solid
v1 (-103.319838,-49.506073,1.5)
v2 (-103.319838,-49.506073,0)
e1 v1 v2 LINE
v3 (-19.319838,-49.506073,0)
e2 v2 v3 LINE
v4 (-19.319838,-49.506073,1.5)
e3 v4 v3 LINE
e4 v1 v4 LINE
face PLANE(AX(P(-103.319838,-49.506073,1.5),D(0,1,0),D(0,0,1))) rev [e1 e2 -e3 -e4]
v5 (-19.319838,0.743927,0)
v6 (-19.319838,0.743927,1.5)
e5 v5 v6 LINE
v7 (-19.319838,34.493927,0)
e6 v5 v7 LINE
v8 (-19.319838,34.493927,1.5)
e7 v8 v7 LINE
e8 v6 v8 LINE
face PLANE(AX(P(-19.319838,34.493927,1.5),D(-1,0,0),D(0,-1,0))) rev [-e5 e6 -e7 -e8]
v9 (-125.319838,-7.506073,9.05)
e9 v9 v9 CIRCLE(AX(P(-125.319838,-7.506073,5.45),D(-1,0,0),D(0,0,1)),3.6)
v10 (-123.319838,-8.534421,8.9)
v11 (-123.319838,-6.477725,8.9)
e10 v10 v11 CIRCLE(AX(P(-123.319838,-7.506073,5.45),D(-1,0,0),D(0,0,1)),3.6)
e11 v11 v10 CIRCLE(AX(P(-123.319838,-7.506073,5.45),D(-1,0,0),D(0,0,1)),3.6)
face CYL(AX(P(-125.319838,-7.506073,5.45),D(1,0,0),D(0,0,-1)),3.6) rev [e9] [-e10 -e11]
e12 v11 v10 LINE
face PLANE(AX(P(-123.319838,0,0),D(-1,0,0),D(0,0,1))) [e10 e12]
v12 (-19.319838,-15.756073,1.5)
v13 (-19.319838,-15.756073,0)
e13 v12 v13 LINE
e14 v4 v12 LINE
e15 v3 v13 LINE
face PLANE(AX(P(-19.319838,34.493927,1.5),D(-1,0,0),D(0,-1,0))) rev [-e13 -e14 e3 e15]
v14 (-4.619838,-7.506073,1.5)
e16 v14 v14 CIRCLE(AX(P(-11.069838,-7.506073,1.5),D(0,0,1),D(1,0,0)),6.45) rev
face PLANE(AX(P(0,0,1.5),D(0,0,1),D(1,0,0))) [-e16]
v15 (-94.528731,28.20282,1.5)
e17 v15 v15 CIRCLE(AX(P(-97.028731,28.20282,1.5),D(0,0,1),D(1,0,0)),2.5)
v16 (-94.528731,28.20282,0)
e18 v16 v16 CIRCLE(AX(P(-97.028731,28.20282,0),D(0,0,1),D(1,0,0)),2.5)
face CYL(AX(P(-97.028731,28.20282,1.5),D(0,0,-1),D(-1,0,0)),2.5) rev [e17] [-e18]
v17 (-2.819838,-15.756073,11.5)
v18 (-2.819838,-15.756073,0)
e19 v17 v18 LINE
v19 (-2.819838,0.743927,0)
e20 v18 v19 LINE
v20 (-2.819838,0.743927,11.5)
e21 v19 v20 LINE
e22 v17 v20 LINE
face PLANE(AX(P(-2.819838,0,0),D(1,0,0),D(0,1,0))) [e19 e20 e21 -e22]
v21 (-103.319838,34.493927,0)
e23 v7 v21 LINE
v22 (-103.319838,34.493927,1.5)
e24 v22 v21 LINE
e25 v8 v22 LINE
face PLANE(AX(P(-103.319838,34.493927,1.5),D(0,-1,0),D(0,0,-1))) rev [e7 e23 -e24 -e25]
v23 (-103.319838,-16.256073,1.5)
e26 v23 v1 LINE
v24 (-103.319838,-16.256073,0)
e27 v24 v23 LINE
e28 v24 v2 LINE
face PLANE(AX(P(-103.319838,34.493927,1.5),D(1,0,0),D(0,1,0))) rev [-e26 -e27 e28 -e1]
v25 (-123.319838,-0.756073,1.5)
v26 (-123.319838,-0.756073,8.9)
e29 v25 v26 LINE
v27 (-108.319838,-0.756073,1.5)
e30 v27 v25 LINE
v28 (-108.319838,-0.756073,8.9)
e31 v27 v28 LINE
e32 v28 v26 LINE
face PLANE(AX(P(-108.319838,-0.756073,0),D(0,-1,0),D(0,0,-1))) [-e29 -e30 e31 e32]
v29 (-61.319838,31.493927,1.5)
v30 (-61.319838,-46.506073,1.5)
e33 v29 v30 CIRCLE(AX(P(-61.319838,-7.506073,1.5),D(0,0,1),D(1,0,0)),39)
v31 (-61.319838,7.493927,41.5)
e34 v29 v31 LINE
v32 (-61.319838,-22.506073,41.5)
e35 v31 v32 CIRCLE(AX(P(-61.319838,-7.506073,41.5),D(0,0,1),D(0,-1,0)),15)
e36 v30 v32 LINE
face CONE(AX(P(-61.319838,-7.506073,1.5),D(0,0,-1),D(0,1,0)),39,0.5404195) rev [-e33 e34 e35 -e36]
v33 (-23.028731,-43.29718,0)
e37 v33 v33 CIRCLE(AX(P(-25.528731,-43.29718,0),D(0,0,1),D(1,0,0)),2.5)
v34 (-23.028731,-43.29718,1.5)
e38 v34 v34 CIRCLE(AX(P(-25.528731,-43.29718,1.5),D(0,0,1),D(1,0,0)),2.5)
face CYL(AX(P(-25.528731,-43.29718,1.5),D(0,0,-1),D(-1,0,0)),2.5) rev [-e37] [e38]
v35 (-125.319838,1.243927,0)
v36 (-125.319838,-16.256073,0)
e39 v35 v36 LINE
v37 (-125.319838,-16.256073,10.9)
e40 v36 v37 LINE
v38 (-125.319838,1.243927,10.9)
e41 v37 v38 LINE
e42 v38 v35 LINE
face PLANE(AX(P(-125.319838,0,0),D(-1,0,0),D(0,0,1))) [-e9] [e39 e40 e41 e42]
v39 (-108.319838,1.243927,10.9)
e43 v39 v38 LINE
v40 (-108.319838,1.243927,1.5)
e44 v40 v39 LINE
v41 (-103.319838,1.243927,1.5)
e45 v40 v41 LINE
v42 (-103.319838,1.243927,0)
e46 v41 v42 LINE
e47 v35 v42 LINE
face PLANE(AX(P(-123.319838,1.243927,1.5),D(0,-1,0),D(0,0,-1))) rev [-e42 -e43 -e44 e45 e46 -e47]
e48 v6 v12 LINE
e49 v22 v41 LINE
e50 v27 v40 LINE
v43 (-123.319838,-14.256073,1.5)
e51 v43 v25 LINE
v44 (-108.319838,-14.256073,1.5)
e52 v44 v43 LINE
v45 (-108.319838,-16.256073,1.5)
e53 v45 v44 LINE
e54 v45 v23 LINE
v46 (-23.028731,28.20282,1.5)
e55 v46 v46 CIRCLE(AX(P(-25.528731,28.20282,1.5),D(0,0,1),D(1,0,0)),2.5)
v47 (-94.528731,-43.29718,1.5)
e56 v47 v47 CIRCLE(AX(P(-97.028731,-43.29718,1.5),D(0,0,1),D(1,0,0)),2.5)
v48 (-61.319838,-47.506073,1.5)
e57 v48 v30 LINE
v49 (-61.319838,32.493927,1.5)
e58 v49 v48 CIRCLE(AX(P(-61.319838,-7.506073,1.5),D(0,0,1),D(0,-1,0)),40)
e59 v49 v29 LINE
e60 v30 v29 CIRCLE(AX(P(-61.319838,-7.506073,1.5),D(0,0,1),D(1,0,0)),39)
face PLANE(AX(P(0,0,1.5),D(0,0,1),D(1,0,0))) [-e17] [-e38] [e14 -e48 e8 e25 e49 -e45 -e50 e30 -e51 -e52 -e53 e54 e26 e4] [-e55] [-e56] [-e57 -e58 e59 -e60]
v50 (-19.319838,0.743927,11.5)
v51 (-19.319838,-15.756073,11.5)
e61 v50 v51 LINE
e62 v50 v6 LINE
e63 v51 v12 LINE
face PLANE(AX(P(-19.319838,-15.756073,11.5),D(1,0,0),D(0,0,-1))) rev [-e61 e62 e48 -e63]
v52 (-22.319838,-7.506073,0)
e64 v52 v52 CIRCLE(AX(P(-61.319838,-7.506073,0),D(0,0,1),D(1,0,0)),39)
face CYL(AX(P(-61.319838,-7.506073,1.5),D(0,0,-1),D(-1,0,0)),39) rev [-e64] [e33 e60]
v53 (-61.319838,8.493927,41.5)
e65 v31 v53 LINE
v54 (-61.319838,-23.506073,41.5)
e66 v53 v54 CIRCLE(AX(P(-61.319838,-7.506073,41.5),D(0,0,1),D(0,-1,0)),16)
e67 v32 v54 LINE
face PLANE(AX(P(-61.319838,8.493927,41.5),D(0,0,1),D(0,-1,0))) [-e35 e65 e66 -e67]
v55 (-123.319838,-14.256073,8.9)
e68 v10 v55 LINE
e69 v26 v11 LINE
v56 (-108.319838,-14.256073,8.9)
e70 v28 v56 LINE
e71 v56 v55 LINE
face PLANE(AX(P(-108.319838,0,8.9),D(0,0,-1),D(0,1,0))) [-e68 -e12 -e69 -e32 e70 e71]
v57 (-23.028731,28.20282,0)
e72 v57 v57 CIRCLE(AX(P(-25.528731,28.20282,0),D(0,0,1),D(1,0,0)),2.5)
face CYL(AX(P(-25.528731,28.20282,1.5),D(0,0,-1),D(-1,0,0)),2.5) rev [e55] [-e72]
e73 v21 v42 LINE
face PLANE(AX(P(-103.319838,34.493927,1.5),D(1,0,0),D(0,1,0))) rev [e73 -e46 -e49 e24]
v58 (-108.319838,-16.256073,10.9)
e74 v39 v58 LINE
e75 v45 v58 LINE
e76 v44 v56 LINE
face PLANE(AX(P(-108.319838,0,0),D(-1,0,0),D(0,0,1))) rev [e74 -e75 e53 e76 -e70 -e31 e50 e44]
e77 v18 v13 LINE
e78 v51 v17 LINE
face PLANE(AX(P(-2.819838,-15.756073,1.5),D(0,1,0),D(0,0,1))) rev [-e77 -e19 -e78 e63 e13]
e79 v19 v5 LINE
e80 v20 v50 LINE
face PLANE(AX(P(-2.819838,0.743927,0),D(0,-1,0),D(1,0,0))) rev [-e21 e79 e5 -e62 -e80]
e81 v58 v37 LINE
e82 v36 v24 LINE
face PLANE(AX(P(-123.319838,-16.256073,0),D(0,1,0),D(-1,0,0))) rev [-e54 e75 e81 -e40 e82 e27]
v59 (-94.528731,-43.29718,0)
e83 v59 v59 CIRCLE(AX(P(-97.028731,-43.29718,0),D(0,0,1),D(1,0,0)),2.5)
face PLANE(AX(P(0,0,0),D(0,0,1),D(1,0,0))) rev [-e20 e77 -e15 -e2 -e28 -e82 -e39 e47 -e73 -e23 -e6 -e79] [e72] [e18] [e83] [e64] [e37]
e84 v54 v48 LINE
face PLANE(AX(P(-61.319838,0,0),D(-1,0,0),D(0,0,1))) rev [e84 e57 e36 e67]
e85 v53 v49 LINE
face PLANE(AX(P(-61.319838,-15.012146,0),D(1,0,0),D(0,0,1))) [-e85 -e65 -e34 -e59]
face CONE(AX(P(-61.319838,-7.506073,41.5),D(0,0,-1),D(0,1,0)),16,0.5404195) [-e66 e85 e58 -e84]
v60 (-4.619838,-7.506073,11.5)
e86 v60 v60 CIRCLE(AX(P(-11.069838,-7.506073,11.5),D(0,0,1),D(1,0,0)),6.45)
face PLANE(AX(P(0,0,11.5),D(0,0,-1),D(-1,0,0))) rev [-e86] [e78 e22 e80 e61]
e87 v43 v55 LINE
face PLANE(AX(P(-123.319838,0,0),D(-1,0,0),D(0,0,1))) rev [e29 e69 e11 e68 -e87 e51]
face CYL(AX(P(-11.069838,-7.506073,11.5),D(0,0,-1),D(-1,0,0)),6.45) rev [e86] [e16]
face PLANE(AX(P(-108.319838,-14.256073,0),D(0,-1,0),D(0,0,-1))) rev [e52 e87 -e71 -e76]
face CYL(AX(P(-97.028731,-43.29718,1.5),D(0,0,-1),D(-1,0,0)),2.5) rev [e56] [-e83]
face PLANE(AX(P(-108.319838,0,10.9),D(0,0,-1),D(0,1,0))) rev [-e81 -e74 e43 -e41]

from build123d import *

# Parameters (mm, degrees)
CROQUIS1_W              = 84
CROQUIS1_H              = 84
CROQUIS1_R              = 39
CROQUIS1_R_2            = 2.5
SALIENTE_EXTRUIR1_DEPTH = 1.5
REVOLUCI_N2_ANGLE       = 180
SALIENTE_EXTRUIR2_DEPTH = 20
SALIENTE_EXTRUIR3_DEPTH = 15
CROQUIS8_W              = 10.9
CROQUIS8_H              = 17.5
CROQUIS8_R              = 3.6
SALIENTE_EXTRUIR4_DEPTH = 2
SALIENTE_EXTRUIR5_DEPTH = 16.5
CROQUIS10_W             = 16.5
CROQUIS10_H             = 16.5
CROQUIS10_R             = 6.45
SALIENTE_EXTRUIR6_DEPTH = 10


with BuildPart() as part:
    # Croquis1 → Saliente-Extruir1 (new body)
    with BuildSketch(Plane.XY):
        with Locations((-61.319838057, -7.506072874)):
            Rectangle(CROQUIS1_W, CROQUIS1_H)
        with Locations((-61.319838057, -7.506072874)):
            Circle(CROQUIS1_R, mode=Mode.SUBTRACT)
        with Locations((-97.028730507, 28.202819575)):
            Circle(CROQUIS1_R_2, mode=Mode.SUBTRACT)
        with Locations((-25.528730507, 28.202819575)):
            Circle(CROQUIS1_R_2, mode=Mode.SUBTRACT)
        with Locations((-25.528730507, -43.297180425)):
            Circle(CROQUIS1_R_2, mode=Mode.SUBTRACT)
        with Locations((-97.028730507, -43.297180425)):
            Circle(CROQUIS1_R_2, mode=Mode.SUBTRACT)
    extrude(amount=SALIENTE_EXTRUIR1_DEPTH)

    # Croquis4 → Revolución2 (revolve)
    with BuildSketch(Plane(origin=(-61.319838057, -49.506072874, 1.5), x_dir=(0, 0, -1), z_dir=(1, 0, 0))):
        Polygon((-40, 27), (0, 3), (0, 2), (-40, 26), align=None)
    revolve(axis=Axis((-61.319838057, -7.506072874, 1.5), (0, 0, -1)), revolution_arc=REVOLUCI_N2_ANGLE)

    # Croquis6 → Saliente-Extruir2 (add)
    with BuildSketch(Plane.ZY.offset(103.319838057)):
        Polygon((0, -7.506072874), (0, -16.256072874), (1.5, -16.256072874), (1.5, 1.243927126), (0, 1.243927126), align=None)
    extrude(amount=SALIENTE_EXTRUIR2_DEPTH)

    # Croquis7 → Saliente-Extruir3 (add)
    with BuildSketch(Plane.ZY.offset(123.319838057)):
        Polygon((10.9, 1.243927126), (1.5, 1.243927126), (1.5, -0.756072874), (8.9, -0.756072874), (8.9, -14.256072874), (1.5, -14.256072874), (1.5, -16.256072874), (10.9, -16.256072874), align=None)
    extrude(amount=-SALIENTE_EXTRUIR3_DEPTH)

    # Croquis8 → Saliente-Extruir4 (add)
    with BuildSketch(Plane.ZY.offset(123.319838057)):
        with Locations((5.45, -7.506072874)):
            Rectangle(CROQUIS8_W, CROQUIS8_H)
        with Locations((5.45, -7.506072874)):
            Circle(CROQUIS8_R, mode=Mode.SUBTRACT)
    extrude(amount=SALIENTE_EXTRUIR4_DEPTH)

    # Croquis9 → Saliente-Extruir5 (add)
    with BuildSketch(Plane(origin=(-19.319838057, 0, 0), x_dir=(0, 0, -1), z_dir=(1, 0, 0))):
        Polygon((0, -7.506072874), (0, 0.743927126), (-1.5, 0.743927126), (-1.5, -15.756072874), (0, -15.756072874), align=None)
    extrude(amount=SALIENTE_EXTRUIR5_DEPTH)

    # Croquis10 → Saliente-Extruir6 (add)
    with BuildSketch(Plane.XY.offset(1.5)):
        with Locations((-11.069838057, -7.506072874)):
            Rectangle(CROQUIS10_W, CROQUIS10_H)
        with Locations((-11.069838057, -7.506072874)):
            Circle(CROQUIS10_R, mode=Mode.SUBTRACT)
    extrude(amount=SALIENTE_EXTRUIR6_DEPTH)


solid = part.part
